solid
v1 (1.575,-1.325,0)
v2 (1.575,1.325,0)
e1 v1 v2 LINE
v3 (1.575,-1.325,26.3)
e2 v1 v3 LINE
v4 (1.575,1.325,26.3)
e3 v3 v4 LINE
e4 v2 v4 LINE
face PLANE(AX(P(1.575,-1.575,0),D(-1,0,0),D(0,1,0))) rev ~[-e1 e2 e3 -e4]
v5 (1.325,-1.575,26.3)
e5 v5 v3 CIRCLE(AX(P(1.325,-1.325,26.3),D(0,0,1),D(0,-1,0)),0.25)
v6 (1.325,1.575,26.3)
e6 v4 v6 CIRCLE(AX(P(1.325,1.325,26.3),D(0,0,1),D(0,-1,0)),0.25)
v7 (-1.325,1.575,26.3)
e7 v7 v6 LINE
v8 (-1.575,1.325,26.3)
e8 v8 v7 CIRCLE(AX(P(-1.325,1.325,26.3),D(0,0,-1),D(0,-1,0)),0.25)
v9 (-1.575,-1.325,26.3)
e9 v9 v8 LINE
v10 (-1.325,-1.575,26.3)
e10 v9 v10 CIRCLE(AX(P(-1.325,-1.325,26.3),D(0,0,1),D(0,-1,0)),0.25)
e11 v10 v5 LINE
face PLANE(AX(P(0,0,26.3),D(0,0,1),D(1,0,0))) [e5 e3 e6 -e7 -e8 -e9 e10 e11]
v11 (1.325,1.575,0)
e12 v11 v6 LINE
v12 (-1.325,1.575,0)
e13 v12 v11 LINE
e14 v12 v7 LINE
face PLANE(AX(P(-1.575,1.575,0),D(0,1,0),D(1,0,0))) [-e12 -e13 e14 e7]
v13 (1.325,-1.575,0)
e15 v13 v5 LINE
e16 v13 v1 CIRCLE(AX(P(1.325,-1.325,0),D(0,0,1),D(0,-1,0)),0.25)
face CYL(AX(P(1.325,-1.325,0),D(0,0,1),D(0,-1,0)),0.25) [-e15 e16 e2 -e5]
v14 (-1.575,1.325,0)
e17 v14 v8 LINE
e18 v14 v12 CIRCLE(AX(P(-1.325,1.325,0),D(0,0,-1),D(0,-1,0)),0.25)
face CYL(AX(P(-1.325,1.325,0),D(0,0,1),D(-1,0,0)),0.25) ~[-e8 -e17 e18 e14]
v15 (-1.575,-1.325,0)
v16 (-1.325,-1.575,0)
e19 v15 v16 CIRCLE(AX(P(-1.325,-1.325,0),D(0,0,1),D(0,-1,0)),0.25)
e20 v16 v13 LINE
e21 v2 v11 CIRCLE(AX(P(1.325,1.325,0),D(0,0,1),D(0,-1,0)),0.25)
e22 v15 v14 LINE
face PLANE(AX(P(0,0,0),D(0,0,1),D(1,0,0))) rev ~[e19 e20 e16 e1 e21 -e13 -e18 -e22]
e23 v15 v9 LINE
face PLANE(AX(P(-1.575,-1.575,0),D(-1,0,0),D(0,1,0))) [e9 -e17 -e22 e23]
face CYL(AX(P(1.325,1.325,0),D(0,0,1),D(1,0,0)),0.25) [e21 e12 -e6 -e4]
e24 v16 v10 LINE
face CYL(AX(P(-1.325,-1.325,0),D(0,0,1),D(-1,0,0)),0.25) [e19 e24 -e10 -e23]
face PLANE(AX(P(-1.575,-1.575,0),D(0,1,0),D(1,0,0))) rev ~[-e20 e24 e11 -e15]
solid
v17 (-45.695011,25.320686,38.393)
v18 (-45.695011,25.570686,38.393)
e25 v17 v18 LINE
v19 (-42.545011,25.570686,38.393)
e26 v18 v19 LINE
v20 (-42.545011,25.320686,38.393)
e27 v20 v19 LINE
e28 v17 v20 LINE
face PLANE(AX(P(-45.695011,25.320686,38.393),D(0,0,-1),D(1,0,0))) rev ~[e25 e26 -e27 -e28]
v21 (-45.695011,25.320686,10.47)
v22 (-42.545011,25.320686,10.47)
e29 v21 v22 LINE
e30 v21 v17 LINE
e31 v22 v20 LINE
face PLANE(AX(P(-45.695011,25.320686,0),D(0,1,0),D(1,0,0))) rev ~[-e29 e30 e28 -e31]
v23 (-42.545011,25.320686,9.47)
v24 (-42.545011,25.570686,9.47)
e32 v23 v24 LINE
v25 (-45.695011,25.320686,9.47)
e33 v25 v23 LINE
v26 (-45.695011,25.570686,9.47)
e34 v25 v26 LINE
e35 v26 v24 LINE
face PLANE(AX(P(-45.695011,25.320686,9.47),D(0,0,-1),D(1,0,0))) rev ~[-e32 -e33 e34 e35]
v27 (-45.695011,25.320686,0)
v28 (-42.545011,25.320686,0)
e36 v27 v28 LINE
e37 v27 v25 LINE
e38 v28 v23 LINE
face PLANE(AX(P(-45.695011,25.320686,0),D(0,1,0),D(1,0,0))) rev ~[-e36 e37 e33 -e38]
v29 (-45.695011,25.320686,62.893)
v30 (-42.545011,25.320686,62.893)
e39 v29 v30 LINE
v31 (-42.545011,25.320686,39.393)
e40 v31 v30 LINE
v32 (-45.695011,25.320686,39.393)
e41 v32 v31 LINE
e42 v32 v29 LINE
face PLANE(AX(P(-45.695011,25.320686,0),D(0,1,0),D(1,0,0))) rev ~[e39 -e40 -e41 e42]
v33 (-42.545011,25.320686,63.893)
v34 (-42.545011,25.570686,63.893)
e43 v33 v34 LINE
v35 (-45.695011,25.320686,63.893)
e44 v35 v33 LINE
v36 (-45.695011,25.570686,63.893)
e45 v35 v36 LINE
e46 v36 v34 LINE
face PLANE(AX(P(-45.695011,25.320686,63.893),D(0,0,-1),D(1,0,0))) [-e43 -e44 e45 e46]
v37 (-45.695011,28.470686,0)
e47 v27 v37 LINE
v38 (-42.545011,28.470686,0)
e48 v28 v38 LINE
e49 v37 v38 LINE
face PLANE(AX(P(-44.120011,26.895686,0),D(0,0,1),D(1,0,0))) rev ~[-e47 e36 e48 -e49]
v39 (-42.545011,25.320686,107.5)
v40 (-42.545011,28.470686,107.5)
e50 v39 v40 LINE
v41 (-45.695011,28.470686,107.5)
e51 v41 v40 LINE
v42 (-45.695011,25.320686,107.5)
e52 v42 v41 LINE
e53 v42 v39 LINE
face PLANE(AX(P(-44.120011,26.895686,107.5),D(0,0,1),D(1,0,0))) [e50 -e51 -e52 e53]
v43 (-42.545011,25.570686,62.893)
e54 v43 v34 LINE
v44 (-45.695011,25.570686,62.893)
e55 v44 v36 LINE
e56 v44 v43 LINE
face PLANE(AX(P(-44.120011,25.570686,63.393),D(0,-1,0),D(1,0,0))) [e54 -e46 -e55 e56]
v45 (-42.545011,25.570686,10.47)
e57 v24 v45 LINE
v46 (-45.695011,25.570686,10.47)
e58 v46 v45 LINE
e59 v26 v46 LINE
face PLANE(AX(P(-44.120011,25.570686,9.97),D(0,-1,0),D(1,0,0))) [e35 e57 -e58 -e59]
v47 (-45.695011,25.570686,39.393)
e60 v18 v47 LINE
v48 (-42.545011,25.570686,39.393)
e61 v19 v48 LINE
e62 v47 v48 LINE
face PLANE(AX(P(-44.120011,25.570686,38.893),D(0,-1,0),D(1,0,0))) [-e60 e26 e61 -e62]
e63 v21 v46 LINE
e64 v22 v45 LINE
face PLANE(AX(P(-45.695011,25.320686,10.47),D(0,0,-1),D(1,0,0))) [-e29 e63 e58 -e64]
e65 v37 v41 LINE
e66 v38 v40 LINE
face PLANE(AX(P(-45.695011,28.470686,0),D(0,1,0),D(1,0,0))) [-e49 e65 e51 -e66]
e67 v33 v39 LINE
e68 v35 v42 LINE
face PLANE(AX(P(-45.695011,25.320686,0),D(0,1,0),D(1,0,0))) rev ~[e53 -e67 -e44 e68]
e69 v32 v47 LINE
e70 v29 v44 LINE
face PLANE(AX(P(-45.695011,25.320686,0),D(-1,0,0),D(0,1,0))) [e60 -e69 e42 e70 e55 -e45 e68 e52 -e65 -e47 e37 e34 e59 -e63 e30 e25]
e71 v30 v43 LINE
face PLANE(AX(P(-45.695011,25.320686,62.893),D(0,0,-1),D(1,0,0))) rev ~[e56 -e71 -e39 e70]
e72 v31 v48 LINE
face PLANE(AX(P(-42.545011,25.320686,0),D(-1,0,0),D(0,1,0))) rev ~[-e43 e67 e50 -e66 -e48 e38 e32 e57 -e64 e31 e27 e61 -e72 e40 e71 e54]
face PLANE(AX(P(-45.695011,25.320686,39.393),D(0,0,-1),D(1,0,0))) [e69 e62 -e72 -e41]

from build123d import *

# Parameters (mm, degrees)
F0_W     = 3.15
F0_H     = 3.15
F1_DEPTH = 26.3
F2_R     = 0.25
F3_DEPTH = 107.5
F4_W     = 3.15
F4_H     = 1
F5_DEPTH = 0.25


with BuildPart() as f1:
    # F0 (on Top) → F1 (new body)
    with BuildSketch(Plane.XY):
        Rectangle(F0_W, F0_H)
    extrude(amount=F1_DEPTH)

    # F2
    f2_edges = [f1.edges().sort_by_distance(p)[0] for p in [
        (-1.575, -1.575, 13.15),
        (1.575, -1.575, 13.15),
        (1.575, 1.575, 13.15),
        (-1.575, 1.575, 13.15),
    ]]
    fillet(f2_edges, radius=F2_R)


with BuildPart() as f3:
    # F0 (on Top) → F3 (new body)
    with BuildSketch(Plane.XY):
        with Locations((-44.120011, 26.895686)):
            Rectangle(F0_W, F0_H)
    extrude(amount=F3_DEPTH)

    # F4 (on face) → F5 (cut)
    with BuildSketch(Plane.XZ.offset(-25.320686)):
        with Locations((-44.120011, 9.97)):
            Rectangle(F4_W, F4_H)
        with Locations((-44.120011, 38.893)):
            Rectangle(F4_W, F4_H)
        with Locations((-44.120011, 63.393)):
            Rectangle(F4_W, F4_H)
    extrude(amount=-F5_DEPTH, mode=Mode.SUBTRACT)


solid = Compound([f1.part, f3.part])
